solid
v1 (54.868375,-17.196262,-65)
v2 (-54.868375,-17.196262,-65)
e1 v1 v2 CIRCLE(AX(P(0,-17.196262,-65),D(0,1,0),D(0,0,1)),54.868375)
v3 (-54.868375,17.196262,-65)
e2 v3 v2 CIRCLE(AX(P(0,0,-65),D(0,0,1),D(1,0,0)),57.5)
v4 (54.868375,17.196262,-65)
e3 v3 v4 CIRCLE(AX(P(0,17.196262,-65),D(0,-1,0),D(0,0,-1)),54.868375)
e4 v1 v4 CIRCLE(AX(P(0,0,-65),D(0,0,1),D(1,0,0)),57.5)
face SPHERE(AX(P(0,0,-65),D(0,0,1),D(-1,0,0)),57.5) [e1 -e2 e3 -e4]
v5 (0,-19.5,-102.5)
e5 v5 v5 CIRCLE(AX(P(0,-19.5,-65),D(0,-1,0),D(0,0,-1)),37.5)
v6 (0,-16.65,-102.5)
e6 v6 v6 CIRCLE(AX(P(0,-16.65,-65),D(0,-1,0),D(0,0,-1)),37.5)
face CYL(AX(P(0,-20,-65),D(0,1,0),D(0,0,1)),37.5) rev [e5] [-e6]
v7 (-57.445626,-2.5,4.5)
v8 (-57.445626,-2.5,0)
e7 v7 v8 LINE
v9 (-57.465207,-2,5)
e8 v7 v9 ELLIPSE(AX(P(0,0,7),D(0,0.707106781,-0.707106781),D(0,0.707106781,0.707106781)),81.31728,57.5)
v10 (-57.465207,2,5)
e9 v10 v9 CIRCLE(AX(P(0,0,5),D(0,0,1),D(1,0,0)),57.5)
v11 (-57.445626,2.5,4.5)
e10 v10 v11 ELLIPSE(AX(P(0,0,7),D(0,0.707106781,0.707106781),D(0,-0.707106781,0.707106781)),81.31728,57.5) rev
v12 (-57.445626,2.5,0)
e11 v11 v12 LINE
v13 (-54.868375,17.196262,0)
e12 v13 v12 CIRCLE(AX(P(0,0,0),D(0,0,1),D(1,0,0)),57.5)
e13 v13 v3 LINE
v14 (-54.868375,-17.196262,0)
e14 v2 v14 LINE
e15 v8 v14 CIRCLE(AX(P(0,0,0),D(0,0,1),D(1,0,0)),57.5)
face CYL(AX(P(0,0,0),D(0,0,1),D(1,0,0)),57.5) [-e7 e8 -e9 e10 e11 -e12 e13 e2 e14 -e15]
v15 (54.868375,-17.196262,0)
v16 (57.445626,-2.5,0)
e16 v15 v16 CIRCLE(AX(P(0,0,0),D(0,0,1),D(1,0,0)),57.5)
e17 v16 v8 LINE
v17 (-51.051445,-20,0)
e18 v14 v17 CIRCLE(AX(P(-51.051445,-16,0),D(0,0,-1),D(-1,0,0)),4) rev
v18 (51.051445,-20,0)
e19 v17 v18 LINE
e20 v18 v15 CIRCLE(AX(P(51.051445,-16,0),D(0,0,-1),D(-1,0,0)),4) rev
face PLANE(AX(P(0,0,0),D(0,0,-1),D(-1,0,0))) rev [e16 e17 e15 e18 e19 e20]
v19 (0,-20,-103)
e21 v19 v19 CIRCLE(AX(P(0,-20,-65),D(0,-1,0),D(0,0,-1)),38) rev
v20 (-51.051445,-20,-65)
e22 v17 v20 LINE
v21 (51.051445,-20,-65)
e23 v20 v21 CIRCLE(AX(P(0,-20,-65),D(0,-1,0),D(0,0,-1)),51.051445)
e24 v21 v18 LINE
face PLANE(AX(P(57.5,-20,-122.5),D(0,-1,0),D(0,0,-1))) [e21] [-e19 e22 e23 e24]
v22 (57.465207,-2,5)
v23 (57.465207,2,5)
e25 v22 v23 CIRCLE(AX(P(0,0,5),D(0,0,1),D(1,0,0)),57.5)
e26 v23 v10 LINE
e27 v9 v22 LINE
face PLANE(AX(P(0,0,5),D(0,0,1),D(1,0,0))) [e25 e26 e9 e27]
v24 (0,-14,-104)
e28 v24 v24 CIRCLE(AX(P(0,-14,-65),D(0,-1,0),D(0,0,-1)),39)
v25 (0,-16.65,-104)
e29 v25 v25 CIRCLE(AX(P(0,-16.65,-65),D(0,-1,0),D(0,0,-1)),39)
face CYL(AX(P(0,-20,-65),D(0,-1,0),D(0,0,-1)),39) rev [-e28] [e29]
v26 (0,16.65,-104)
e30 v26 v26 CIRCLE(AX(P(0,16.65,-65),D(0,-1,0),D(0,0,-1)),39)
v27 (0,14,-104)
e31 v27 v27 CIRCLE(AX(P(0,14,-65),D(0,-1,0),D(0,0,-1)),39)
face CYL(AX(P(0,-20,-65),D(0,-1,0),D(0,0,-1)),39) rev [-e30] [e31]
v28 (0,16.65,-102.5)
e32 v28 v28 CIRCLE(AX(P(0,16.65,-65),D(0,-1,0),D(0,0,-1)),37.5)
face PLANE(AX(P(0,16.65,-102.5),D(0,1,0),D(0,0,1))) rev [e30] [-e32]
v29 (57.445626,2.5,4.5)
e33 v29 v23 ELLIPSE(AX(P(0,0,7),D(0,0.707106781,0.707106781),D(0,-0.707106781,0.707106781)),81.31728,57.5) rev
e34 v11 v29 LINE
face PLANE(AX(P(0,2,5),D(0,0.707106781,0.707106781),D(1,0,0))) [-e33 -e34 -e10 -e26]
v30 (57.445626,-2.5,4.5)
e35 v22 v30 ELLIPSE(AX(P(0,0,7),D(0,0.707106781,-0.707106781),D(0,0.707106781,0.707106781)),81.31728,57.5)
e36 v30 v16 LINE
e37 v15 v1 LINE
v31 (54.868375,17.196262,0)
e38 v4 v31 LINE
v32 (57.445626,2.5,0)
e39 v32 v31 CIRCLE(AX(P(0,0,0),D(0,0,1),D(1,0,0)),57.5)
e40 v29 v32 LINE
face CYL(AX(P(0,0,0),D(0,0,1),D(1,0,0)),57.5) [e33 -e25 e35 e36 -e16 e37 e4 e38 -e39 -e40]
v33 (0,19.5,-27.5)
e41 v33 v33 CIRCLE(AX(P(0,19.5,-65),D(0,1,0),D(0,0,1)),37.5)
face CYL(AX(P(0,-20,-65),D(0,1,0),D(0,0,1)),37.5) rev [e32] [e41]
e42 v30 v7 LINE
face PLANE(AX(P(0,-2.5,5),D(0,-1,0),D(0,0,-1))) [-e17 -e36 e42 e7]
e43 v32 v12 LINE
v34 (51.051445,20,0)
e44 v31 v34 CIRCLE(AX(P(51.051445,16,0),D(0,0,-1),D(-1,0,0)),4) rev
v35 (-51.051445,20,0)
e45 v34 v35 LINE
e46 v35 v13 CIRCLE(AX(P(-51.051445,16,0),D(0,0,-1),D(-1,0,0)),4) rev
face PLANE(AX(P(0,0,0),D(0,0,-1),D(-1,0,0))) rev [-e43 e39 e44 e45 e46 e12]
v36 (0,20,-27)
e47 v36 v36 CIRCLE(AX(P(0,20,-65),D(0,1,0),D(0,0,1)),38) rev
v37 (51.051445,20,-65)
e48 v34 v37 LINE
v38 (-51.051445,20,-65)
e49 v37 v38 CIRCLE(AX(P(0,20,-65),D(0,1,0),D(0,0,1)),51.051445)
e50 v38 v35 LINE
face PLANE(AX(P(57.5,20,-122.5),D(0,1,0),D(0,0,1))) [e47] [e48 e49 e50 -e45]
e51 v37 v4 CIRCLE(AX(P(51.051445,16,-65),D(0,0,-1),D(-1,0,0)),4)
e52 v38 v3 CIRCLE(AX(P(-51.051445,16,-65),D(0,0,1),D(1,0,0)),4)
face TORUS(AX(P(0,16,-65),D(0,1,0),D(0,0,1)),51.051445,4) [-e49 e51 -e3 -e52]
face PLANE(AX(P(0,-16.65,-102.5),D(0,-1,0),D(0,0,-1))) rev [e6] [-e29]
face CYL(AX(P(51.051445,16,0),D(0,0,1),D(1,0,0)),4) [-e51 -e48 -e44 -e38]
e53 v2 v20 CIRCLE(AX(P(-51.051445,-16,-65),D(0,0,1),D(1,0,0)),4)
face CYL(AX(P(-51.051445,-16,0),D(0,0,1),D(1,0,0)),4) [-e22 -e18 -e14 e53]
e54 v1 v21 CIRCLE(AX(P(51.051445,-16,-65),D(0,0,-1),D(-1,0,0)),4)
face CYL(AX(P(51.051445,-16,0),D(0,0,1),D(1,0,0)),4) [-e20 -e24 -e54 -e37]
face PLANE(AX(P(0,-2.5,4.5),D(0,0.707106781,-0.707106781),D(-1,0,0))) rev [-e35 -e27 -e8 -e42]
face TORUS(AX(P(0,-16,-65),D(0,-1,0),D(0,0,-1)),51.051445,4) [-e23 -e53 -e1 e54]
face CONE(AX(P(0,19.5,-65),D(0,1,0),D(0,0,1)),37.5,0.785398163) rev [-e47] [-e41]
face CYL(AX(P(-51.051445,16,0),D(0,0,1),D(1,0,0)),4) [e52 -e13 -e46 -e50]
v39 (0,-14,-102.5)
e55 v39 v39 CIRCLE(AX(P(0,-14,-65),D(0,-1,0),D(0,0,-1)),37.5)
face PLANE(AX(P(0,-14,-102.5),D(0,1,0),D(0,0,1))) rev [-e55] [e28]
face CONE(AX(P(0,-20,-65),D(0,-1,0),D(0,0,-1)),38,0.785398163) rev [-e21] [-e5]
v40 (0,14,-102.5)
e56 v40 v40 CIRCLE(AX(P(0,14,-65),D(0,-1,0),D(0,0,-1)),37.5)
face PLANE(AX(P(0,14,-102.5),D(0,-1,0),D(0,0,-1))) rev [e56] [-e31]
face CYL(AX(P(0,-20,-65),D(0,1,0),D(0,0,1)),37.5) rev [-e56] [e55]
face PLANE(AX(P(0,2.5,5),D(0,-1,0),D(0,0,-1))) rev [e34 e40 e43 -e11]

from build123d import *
from build123d.topology import SkipClean

# Parameters (mm, degrees)
SKETCH2_OUTSIDE_W       = 157.722
SKETCH2_OUTSIDE_H       = 157.722
SKETCH2_OUTSIDE_W_2     = 115
SKETCH2_OUTSIDE_H_2     = 40
CUT_EXTRUDE1_DEPTH      = 148.033159525
CUT_EXTRUDE2_DEPTH      = 137.793640203
CUT_EXTRUDE2_DEPTH_BACK = 137.793640203
SKETCH1_4_R             = 37.5
FILLET1_R               = 4
SKETCH3_W               = 1.5
SKETCH3_H               = 2.65
BOSS_EXTRUDE1_DEPTH     = 5
CHAMFER1_SIZE           = 0.5


with BuildPart() as part:
    # Sketch1 → Revolve1 (revolve)
    with BuildSketch(Plane(origin=(0, 0, 0), x_dir=(1, 0, 0), z_dir=(0, 1, 0))):
        with BuildLine():
            Line((57.5, 0), (57.5, 65))
            ThreePointArc((57.5, 65), (40.658639918, 105.658639918), (0, 122.5))
            Line((0, 122.5), (0, 0))
            Line((0, 0), (57.5, 0))
        make_face()
    revolve(axis=Axis((0, 0, 0), (0, 0, -1)))

    # Sketch2 outside → Cut-Extrude1 (cut, through all)
    with BuildSketch(Plane.XY):
        Rectangle(SKETCH2_OUTSIDE_W, SKETCH2_OUTSIDE_H)
        Rectangle(SKETCH2_OUTSIDE_W_2, SKETCH2_OUTSIDE_H_2, mode=Mode.SUBTRACT)
    extrude(amount=-CUT_EXTRUDE1_DEPTH, mode=Mode.SUBTRACT)

    # Sketch1<4> → Cut-Extrude2 (cut, two sides: drawn at the far end of the back side and taken through both)
    with BuildSketch(Plane(origin=(0, 0, 0), x_dir=(1, 0, 0), z_dir=(0, 1, 0)).offset(-CUT_EXTRUDE2_DEPTH_BACK)):
        with Locations((0, 65)):
            Circle(SKETCH1_4_R)
    extrude(amount=CUT_EXTRUDE2_DEPTH + CUT_EXTRUDE2_DEPTH_BACK, mode=Mode.SUBTRACT)

    # Fillet1
    fillet1_edges = [part.edges().sort_by_distance(p)[0] for p in [
        (-53.909646632, -20, -32.5),
        (0, -20, -118.909646632),
        (-53.909646632, 20, -32.5),
        (0, 20, -118.909646632),
        (53.909646632, -20, -32.5),
        (53.909646632, 20, -32.5),
    ]]
    fillet(fillet1_edges, radius=FILLET1_R)

    # Sketch3 → Cut-Revolve1 (revolve, cut)
    with BuildSketch(Plane(origin=(0, 0, 0), x_dir=(0, 0, -1), z_dir=(1, 0, 0))):
        with Locations((103.25, 15.325)):
            Rectangle(SKETCH3_W, SKETCH3_H)
        with Locations((103.25, -15.325)):
            Rectangle(SKETCH3_W, SKETCH3_H)
    revolve(axis=Axis((0, -20, -65), (0, 1, 0)), mode=Mode.SUBTRACT)

    # Sketch4 → Boss-Extrude1 (add)
    with SkipClean():  # the faces are left unmerged after this step: merging them gives an invalid solid
        with BuildSketch(Plane.XY):
            with BuildLine():
                Line((-57.445626465, -2.5), (57.445626465, -2.5))
                ThreePointArc((57.445626465, -2.5), (57.486405007, -1.250295697), (57.5, -1.68e-07))
                ThreePointArc((57.5, -1.68e-07), (57.486405011, 1.250295529), (57.445626465, 2.5))
                Line((57.445626465, 2.5), (-57.445626465, 2.5))
                ThreePointArc((-57.445626465, 2.5), (-57.486405007, 1.250295697), (-57.5, 1.68e-07))
                ThreePointArc((-57.5, 1.68e-07), (-57.486405011, -1.250295529), (-57.445626465, -2.5))
            make_face()
        extrude(amount=BOSS_EXTRUDE1_DEPTH)

    # Chamfer1
    chamfer1_edges = [part.edges().sort_by_distance(p)[0] for p in [
        (0, -2.5, 5),
        (0, 2.5, 5),
        (-37.5, -20, -65),
        (-37.5, 20, -65),
    ]]
    chamfer(chamfer1_edges, length=CHAMFER1_SIZE)


solid = part.part
